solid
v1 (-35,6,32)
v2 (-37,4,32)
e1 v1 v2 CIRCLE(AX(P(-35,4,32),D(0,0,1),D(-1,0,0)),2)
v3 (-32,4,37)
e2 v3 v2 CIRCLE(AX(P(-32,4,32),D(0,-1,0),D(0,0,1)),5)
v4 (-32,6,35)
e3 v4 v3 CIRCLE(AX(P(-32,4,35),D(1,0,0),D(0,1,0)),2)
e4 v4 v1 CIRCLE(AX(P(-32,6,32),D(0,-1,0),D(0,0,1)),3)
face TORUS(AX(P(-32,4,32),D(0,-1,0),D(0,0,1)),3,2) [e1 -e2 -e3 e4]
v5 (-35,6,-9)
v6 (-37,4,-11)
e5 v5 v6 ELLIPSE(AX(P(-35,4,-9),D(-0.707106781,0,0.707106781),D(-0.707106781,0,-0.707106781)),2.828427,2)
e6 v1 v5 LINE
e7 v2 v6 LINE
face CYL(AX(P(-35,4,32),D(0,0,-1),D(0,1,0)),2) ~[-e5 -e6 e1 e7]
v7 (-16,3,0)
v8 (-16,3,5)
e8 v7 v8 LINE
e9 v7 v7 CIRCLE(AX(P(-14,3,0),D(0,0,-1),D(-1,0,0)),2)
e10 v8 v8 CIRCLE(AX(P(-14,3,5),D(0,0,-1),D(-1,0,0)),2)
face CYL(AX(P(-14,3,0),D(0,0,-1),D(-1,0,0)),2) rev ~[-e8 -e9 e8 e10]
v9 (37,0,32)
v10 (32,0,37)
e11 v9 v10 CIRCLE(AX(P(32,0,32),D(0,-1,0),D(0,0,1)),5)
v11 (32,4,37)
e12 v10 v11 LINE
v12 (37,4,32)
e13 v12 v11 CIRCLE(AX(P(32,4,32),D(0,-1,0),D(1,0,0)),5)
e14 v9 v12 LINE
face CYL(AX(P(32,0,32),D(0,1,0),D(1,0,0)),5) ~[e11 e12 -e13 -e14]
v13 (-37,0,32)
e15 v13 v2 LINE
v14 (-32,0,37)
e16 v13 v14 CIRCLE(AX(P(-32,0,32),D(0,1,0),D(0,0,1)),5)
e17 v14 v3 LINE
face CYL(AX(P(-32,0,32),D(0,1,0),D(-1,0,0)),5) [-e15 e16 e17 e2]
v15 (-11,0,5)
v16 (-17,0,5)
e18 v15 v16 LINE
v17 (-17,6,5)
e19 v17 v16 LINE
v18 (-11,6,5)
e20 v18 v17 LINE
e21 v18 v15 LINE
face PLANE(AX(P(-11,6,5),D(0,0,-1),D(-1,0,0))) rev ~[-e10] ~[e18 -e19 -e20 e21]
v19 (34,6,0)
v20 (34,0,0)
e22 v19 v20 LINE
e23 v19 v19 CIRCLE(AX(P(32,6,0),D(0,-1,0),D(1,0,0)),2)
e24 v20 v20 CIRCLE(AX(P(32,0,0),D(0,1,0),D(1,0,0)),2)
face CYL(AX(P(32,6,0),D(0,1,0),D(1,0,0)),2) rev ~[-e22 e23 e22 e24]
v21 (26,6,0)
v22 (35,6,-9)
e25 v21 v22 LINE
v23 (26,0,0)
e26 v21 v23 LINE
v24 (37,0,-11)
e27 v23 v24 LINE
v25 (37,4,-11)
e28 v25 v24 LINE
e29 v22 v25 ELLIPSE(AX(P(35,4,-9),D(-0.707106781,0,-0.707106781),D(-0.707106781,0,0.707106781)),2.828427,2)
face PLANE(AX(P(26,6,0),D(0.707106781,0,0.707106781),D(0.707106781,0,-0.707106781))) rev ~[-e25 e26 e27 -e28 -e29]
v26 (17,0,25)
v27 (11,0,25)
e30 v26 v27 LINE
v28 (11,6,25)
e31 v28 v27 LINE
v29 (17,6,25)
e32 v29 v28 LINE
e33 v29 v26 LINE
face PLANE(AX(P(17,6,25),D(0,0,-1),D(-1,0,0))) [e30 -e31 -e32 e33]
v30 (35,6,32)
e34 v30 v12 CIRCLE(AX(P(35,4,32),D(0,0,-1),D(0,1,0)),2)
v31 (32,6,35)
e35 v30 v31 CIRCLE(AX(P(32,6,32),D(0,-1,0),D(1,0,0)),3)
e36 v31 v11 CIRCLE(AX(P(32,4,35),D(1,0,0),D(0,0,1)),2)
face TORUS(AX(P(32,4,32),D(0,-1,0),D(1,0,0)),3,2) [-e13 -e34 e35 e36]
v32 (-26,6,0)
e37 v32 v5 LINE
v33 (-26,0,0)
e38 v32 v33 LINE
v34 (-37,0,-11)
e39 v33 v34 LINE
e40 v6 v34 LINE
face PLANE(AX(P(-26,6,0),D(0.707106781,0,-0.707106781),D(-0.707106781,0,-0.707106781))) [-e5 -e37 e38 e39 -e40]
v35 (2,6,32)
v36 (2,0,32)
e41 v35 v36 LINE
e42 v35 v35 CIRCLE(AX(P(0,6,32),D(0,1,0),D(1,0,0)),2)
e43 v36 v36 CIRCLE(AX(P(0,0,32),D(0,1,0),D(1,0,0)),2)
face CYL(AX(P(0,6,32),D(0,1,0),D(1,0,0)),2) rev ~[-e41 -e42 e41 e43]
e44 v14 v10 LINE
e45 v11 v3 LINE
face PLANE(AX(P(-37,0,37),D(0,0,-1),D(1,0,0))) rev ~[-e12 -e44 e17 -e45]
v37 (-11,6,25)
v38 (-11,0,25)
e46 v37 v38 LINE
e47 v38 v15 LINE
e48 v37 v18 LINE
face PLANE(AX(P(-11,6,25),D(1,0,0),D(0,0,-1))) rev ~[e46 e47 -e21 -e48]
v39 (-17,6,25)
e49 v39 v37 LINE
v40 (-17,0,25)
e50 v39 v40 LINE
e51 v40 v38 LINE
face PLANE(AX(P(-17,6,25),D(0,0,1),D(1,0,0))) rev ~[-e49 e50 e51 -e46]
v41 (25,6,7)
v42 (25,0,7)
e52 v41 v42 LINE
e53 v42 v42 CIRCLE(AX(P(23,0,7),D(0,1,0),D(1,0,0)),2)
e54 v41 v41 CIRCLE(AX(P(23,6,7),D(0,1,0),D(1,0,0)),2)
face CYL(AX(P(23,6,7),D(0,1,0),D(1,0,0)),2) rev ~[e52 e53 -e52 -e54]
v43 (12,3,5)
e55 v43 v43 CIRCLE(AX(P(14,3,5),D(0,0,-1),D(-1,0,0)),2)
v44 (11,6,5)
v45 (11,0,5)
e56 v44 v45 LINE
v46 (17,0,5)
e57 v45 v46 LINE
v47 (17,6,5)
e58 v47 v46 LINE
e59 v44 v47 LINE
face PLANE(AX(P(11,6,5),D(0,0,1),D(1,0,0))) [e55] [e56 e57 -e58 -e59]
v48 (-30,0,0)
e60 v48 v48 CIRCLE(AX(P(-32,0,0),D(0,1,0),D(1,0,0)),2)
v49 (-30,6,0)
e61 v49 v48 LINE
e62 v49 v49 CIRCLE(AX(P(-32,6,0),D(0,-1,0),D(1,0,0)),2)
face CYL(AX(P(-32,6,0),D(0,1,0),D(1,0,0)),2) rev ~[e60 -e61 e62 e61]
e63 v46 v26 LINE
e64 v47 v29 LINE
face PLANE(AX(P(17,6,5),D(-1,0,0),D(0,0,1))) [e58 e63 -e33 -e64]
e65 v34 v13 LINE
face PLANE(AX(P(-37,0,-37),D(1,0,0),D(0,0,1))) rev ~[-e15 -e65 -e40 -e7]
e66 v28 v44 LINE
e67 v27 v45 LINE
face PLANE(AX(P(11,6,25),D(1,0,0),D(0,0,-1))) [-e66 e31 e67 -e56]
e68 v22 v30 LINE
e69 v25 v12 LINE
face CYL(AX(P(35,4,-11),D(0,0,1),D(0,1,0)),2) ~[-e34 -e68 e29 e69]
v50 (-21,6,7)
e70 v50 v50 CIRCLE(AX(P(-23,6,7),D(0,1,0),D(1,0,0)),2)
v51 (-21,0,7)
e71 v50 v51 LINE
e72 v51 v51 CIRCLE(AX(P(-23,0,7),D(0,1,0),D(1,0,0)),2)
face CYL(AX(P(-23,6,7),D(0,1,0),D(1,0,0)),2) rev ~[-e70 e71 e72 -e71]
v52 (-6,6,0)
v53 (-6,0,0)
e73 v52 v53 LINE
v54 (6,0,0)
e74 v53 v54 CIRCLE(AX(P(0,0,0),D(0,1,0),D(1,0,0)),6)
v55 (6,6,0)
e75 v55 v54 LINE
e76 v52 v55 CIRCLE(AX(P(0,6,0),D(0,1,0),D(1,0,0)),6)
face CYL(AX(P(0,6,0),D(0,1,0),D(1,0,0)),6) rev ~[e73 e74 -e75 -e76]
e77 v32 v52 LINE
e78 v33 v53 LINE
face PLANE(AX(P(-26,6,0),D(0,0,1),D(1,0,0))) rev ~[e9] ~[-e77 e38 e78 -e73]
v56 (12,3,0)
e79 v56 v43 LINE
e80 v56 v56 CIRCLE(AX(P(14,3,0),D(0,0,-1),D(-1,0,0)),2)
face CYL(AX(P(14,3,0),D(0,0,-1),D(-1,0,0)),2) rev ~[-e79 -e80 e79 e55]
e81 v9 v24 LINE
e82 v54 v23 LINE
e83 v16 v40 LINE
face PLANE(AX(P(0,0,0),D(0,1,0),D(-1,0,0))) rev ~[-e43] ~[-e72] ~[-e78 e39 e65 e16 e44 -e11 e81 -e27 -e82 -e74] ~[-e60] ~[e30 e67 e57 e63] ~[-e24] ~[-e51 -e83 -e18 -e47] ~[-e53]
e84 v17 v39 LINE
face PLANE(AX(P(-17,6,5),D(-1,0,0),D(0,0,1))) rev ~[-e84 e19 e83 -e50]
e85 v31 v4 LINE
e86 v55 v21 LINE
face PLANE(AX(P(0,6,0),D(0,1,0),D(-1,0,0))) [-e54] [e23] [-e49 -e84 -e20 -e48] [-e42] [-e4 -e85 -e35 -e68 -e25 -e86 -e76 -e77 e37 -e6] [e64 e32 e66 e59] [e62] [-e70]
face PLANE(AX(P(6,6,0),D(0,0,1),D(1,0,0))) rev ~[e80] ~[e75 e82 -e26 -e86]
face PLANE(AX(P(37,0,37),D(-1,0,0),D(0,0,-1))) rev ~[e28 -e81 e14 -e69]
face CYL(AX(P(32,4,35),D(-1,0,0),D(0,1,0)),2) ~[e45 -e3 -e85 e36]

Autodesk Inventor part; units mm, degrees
ref_plane "YZ Plane" through (0, 0, 0) normal (1, 0, 0) x (0, 1, 0)
ref_plane "XZ Plane" through (0, 0, 0) normal (0, 1, 0) x (-1, 0, 0)
ref_plane "XY Plane" through (0, 0, 0) normal (0, 0, 1) x (1, 0, 0)
sketch "Sketch1" plane through (0, 0, 0) normal (0, 1, 0) x (-1, 0, 0)
  line L0 (37, 37) -> (-37, 37)
  line L1 (-37, 37) -> (-37, -37)
  line L2 (-37, -37) -> (37, -37)
  line L3 (37, -37) -> (37, 37)
  point P0 (0, 0)
  dimension "d0" = 74
  dimension "d1" = 74
extrude "Extrusion1" add sketch "Sketch1" along normal blind 6
fillet "Fillet1" radius 5 4 edges at (-37, 3, 37) (37, 3, 37) (37, 3, -37) (-37, 3, -37)
sketch "Sketch2" plane through (0, 6, 0) normal (0, 1, 0) x (1, 0, 0)
  line L0 (-37, 32) -> (-37, -32) projected
  line L1 (-37, 0) -> (37, 0)
  line L2 (37, -32) -> (37, 32) projected
  circle A0 centre (0, 0) radius 6
  line L3 (-37, 0) -> (37, 0)
  line L4 (37, 0) -> (37, 63.5)
  line L5 (37, 63.5) -> (-37, 63.5)
  line L6 (-37, 63.5) -> (-37, 0)
  line L7 (-6, 0) -> (-26, 0)
  line L8 (-26, 0) -> (-37, 11)
  line L9 (6, 0) -> (26, 0)
  line L10 (26, 0) -> (37, 11)
  circle A1 centre (32, 0) radius 2
  circle A2 centre (0, -32) radius 2
  circle A3 centre (-32, 0) radius 2
  point P0 (-6, 0)
  dimension "d5" = 12
  dimension "d6" = 20
  dimension "d7" = 135
  dimension "d8" = 20
  dimension "d9" = 135
  dimension "d10" = 4
  dimension "d11" = 4
  dimension "d12" = 4
extrude "Extrusion2" cut sketch "Sketch2" against normal blind 10 contours L6 L5 L4 L2 L10 L1 A0 L8 L0 | A3 L1 | L1 A3 | A0 L1 | L1 A0 | A1 L1 | L1 A1 | A2
sketch "Sketch3" plane through (0, 6, 0) normal (0, 1, 0) x (1, 0, 0)
  line L0 (11, -5) -> (17, -5)
  line L1 (17, -5) -> (17, -25)
  line L2 (17, -25) -> (11, -25)
  line L3 (11, -25) -> (11, -5)
  line L4 (-11, -5) -> (-17, -5)
  line L5 (-17, -5) -> (-17, -25)
  line L6 (-17, -25) -> (-11, -25)
  line L7 (-11, -25) -> (-11, -5)
  point P0 (0, 0)
  dimension "d15" = 6
  dimension "d16" = 20
  dimension "d17" = 6
extrude "Extrusion3" cut sketch "Sketch3" against normal blind 10
sketch "Sketch4" plane through (26, 6, 0) normal (0, 0, -1) x (-1, 0, 0)
  circle A0 centre (12, -3) radius 2
  circle A1 centre (40, -3) radius 2
  point P0 (26, -6)
  dimension "d20" = 4
  dimension "d21" = 4
extrude "Extrusion4" cut sketch "Sketch4" against normal blind 10
fillet "Fillet2" radius 2 5 edges at (35.5355, 6, 35.5355) (0, 6, 37) (-35.5355, 6, 35.5355) (-37, 6, 10.5) (37, 6, 10.5)
sketch "Sketch5" plane through (0, 6, 0) normal (0, 1, 0) x (1, 0, 0)
  circle A0 centre (23, -7) radius 2
  circle A1 centre (-23, -7) radius 2
  point P0 (0, 0)
  dimension "d25" = 4
  dimension "d26" = 4
extrude "Extrusion5" cut sketch "Sketch5" against normal blind 10
properties part number "g2HEMount1"
